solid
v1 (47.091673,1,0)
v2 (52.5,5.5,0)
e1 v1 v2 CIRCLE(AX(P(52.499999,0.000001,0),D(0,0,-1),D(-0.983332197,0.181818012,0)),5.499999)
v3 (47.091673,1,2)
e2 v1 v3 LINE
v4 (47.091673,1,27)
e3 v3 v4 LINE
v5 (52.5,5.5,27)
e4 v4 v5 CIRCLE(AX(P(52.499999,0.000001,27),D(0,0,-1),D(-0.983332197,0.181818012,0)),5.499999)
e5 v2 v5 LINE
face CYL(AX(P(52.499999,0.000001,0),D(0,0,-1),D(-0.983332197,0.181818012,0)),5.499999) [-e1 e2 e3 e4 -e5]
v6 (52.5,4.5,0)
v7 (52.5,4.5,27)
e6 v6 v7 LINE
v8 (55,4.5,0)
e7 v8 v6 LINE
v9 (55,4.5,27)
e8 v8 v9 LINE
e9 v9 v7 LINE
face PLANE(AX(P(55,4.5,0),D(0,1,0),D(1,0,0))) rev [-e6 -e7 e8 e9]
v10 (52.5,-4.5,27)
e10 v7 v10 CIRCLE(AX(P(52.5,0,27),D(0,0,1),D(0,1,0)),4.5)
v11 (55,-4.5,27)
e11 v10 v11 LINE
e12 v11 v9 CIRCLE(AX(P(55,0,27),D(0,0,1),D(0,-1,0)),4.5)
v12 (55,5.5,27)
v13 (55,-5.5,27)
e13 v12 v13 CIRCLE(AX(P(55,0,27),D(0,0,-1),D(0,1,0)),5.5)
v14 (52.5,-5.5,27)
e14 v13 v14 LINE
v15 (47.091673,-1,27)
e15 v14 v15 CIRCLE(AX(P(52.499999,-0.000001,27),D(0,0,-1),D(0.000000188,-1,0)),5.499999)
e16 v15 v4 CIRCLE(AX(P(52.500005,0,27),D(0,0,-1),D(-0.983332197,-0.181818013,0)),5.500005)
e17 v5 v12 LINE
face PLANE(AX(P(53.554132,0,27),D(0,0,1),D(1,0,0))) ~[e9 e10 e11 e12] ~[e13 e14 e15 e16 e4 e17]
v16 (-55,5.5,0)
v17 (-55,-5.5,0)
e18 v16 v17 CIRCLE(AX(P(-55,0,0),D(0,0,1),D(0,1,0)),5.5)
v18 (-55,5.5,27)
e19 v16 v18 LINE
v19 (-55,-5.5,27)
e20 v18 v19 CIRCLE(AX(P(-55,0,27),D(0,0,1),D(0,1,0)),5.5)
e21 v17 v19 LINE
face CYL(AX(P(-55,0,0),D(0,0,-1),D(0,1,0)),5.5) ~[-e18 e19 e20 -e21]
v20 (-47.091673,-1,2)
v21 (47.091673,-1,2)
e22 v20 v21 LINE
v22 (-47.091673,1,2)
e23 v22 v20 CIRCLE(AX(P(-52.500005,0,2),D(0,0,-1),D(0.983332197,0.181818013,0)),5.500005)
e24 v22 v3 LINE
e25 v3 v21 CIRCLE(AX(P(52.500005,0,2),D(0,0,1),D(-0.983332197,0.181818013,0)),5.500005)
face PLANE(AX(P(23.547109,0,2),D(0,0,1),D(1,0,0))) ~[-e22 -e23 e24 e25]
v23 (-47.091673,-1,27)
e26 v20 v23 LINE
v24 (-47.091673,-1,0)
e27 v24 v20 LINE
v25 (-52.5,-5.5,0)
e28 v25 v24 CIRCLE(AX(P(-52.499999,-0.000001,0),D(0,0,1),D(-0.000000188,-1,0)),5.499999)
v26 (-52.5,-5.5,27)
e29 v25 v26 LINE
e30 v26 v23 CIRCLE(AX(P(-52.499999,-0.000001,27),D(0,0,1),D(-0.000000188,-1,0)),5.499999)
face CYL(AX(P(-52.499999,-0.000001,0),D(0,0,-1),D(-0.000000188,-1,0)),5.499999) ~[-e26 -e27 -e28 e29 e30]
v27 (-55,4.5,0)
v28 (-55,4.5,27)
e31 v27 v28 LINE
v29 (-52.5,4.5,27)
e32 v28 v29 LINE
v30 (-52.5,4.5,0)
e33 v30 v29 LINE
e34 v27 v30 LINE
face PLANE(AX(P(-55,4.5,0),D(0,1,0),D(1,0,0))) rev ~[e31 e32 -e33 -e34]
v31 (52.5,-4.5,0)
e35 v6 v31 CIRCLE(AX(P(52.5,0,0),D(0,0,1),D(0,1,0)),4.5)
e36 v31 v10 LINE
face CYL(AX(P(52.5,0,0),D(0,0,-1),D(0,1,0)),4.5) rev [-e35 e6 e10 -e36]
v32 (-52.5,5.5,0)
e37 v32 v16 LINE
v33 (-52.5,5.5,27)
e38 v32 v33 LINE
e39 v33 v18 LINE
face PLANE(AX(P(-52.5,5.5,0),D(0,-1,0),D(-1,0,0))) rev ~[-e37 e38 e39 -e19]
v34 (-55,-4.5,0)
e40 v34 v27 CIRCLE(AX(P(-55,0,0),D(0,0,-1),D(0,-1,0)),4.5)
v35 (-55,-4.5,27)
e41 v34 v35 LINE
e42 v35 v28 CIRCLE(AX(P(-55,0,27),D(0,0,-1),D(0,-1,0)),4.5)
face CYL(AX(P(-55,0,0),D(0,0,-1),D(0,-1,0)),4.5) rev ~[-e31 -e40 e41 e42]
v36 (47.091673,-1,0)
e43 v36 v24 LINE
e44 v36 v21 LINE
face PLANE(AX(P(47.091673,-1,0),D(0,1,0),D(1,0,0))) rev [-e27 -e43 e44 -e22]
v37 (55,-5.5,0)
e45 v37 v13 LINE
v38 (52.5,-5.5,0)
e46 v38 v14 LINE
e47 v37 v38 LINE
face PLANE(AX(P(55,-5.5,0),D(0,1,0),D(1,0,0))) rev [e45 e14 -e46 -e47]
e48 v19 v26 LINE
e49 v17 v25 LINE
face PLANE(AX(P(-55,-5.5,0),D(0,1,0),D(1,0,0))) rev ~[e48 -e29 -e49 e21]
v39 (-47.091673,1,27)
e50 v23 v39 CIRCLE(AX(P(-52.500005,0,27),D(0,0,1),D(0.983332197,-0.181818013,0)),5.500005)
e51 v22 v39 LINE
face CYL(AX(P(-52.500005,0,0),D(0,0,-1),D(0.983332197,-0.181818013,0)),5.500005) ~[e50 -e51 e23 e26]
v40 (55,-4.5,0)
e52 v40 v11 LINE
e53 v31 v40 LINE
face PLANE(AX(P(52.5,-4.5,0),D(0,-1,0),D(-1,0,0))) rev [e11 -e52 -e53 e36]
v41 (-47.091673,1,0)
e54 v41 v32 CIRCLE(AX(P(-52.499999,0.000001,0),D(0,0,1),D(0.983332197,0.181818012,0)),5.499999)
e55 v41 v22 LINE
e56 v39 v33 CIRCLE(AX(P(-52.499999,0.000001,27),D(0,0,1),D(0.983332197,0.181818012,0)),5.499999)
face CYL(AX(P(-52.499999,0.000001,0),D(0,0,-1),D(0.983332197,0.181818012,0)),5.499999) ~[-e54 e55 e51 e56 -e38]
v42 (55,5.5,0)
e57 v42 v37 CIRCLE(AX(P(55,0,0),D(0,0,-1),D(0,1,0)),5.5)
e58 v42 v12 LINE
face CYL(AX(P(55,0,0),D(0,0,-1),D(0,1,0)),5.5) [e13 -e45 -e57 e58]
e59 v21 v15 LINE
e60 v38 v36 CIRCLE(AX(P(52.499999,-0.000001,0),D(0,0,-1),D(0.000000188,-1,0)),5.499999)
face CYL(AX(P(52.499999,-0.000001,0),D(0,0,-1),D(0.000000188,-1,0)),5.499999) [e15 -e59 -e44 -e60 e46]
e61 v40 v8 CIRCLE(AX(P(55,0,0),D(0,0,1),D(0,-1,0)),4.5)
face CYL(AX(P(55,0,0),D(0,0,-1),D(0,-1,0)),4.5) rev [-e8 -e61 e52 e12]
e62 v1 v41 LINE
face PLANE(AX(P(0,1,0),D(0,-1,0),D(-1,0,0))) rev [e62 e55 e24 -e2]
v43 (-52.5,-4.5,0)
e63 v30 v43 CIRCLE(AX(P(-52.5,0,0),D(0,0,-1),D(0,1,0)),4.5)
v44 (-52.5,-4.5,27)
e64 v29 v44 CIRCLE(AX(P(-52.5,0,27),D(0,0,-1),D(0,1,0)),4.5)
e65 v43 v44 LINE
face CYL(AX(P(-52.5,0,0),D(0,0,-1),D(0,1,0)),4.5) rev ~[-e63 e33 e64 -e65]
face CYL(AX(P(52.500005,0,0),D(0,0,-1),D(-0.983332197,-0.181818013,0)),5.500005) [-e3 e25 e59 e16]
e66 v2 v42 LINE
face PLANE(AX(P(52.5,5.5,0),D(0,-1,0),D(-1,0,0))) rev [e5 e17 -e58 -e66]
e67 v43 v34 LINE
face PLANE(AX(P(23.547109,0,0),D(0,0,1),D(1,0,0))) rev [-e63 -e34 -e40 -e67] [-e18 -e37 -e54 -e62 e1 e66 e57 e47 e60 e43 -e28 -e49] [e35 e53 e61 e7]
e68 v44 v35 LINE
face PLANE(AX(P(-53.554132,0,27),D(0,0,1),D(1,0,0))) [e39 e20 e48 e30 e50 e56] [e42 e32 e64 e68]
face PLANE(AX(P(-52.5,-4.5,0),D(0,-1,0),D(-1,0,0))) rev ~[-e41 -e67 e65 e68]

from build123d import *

# Parameters (mm, degrees)
F1_DEPTH = 27
F2_DEPTH = 2


with BuildPart() as f1:
    # F0 (on Top) → F1 (new body)
    with BuildSketch(Plane.XY):
        with BuildLine():
            Line((-52.5, 5.5), (-55, 5.5))
            ThreePointArc((-55, 5.5), (-60.5, 0), (-55, -5.5))
            Line((-55, -5.5), (-52.5, -5.5))
            ThreePointArc((-52.5, -5.5), (-48.982188, -4.227884), (-47.091673, -1))
            ThreePointArc((-47.091673, -1), (-47, 0), (-47.091673, 1))
            ThreePointArc((-47.091673, 1), (-48.982188, 4.227884), (-52.5, 5.5))
        make_face()
        with BuildLine():
            ThreePointArc((-52.5, 4.5), (-48, 0), (-52.5, -4.5))
            Line((-52.5, -4.5), (-55, -4.5))
            ThreePointArc((-55, -4.5), (-59.5, 0), (-55, 4.5))
            Line((-55, 4.5), (-52.5, 4.5))
        make_face(mode=Mode.SUBTRACT)
    extrude(amount=F1_DEPTH)

    # F0 (on Top) → F2 (join)
    with BuildSketch(Plane.XY):
        with BuildLine():
            Line((0, 1), (-47.091673, 1))
            ThreePointArc((-47.091673, 1), (-47, 0), (-47.091673, -1))
            Line((-47.091673, -1), (0, -1))
            Line((0, -1), (0, 1))
        make_face()
    extrude(amount=F2_DEPTH)

    # F3: F1 across plane


with BuildPart() as f1_1:
    add(f1.part)
    add(f1.part.mirror(Plane.YZ))


solid = f1_1.part
